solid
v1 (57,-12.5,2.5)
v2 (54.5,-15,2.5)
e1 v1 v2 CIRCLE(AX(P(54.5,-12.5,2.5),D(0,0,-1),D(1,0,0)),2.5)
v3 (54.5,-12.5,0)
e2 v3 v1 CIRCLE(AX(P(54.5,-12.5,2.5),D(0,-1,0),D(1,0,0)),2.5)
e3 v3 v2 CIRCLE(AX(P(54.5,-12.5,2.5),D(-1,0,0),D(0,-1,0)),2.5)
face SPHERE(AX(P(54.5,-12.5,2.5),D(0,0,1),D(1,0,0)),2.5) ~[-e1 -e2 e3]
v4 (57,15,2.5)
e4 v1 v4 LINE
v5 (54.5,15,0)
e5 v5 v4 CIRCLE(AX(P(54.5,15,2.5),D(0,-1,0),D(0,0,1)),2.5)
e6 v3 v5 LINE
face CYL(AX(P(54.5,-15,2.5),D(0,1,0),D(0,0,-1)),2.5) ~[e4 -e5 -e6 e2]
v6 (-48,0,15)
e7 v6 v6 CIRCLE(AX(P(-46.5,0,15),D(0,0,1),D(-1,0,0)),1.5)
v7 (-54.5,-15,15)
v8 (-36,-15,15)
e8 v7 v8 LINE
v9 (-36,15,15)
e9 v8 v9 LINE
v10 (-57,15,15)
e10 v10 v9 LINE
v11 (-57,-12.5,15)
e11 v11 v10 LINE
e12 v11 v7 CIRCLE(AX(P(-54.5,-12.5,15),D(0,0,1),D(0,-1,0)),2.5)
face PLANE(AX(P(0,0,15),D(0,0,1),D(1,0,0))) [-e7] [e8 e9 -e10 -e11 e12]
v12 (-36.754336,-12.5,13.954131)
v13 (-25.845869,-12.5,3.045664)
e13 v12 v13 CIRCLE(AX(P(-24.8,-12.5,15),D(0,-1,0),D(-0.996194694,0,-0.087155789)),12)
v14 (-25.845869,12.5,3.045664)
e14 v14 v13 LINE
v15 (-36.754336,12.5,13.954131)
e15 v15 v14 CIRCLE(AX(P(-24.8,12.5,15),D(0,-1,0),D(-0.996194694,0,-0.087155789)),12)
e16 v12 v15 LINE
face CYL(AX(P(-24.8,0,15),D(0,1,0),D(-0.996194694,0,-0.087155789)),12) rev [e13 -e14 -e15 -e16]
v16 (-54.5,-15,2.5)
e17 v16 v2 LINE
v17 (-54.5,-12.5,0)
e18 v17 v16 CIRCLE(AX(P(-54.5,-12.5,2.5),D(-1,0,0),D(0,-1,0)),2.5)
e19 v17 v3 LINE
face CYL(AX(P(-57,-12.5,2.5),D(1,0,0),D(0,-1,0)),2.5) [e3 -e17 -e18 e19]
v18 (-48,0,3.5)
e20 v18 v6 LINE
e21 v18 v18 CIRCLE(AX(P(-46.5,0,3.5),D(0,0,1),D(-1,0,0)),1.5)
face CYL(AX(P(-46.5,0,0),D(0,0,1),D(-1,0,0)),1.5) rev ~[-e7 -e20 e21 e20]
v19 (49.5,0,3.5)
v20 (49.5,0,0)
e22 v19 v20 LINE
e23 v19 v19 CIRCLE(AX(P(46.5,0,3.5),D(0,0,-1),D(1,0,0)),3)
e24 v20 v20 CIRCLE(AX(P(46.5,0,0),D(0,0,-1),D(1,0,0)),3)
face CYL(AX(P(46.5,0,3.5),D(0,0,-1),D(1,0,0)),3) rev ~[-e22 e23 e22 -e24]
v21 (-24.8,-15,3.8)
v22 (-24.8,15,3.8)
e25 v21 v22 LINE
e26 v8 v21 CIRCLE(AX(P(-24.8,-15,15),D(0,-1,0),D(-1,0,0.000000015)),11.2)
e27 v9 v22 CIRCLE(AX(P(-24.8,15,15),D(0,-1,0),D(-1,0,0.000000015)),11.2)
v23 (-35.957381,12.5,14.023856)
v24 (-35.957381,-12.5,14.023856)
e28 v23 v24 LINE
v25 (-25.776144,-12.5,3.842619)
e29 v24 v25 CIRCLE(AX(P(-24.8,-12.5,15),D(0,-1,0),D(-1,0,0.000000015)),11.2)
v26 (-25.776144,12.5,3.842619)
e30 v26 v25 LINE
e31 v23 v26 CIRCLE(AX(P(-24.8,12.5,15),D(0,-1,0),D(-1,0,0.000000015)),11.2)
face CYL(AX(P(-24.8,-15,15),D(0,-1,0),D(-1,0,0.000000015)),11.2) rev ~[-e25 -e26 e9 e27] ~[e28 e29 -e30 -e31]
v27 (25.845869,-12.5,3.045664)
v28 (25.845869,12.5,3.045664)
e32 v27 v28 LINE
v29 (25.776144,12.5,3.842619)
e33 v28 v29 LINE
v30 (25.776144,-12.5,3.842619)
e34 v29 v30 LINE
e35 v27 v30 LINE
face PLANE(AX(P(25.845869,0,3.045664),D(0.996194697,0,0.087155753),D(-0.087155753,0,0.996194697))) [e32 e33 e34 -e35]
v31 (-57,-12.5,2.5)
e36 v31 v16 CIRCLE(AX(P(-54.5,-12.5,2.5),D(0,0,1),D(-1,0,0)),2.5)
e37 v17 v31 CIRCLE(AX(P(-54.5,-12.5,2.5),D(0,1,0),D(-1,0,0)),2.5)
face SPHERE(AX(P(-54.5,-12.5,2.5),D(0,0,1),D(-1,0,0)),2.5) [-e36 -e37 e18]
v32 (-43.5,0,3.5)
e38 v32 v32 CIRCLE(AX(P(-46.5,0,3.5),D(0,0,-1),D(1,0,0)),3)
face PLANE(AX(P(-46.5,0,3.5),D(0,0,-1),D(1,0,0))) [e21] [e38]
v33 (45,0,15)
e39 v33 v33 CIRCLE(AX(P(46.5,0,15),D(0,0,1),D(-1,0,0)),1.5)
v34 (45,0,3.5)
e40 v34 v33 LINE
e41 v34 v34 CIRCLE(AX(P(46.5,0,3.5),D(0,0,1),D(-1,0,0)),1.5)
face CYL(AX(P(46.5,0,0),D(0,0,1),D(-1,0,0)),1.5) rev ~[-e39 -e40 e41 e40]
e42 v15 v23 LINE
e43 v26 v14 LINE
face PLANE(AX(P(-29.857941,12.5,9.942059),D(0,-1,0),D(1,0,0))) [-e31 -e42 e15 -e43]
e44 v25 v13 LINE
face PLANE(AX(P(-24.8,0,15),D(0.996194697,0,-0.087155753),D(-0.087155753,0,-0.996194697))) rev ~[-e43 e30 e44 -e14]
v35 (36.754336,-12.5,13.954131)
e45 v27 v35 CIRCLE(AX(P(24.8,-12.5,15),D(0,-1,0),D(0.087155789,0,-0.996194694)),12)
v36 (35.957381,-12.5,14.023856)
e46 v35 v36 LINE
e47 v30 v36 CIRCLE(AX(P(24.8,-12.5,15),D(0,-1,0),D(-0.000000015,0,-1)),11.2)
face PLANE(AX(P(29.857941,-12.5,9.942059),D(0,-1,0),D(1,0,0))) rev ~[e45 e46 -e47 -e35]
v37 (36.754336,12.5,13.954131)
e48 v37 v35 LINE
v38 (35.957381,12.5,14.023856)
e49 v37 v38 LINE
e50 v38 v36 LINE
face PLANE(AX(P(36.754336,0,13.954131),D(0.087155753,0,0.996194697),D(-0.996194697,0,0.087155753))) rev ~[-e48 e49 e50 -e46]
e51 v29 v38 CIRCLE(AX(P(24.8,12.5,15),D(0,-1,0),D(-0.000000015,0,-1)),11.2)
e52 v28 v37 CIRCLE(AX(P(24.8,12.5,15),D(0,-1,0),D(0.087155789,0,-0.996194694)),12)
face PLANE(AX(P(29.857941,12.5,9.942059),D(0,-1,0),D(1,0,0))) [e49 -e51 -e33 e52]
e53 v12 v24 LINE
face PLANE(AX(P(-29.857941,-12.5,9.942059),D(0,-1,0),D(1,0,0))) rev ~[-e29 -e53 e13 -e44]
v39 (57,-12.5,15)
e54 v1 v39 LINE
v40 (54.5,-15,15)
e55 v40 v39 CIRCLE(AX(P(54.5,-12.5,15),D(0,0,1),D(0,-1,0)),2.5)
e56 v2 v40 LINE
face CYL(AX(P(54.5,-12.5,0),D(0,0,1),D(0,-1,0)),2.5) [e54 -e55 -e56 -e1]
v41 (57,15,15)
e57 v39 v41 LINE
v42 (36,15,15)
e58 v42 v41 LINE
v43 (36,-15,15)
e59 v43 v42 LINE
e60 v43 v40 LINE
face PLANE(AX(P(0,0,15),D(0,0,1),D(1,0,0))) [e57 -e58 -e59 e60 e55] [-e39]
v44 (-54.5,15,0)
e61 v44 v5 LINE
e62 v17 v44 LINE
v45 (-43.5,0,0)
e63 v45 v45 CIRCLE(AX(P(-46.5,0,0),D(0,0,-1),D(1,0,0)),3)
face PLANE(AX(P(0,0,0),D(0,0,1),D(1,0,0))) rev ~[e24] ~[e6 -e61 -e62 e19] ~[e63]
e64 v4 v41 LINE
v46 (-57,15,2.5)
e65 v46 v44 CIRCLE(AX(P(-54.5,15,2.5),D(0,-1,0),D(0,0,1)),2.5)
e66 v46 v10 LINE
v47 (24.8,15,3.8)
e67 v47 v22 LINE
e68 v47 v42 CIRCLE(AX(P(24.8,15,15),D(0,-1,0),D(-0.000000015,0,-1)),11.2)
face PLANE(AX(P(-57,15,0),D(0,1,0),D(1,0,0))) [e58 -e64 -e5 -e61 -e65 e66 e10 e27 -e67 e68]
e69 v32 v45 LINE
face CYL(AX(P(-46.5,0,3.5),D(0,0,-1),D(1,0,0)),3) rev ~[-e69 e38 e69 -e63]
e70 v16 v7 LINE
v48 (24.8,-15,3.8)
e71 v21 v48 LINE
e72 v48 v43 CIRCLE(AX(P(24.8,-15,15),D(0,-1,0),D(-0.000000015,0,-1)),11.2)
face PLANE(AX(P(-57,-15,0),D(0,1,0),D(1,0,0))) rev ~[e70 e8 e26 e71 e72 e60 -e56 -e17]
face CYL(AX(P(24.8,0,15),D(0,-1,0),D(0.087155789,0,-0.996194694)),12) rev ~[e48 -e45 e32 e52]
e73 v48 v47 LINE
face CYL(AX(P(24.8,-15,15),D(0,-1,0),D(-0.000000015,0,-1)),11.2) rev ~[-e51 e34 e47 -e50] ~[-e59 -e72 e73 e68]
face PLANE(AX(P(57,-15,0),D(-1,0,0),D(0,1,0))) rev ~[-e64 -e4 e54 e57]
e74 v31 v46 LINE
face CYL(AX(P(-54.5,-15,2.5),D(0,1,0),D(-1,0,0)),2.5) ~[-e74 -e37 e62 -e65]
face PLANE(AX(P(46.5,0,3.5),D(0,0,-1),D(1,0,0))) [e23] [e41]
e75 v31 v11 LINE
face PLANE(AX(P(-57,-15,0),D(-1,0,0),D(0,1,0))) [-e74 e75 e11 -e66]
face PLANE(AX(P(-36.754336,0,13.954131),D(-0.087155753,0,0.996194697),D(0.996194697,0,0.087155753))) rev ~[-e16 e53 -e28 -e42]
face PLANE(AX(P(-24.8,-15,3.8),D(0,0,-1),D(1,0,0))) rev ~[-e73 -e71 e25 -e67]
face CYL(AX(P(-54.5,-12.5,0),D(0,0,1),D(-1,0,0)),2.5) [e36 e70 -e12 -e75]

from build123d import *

# Parameters (mm, degrees)
SKETCH_W         = 114
SKETCH_H         = 30
PAD_DEPTH        = 15
POCKET_DEPTH     = 30.001
POCKET001_DEPTH  = 12.5
HOLE_D           = 3
HOLE_CBORE_D     = 6
HOLE_CBORE_DEPTH = 3.5
FILLET_R         = 2.5


with BuildPart() as part:
    # Sketch → Pad (new body)
    with BuildSketch(Plane.XY):
        Rectangle(SKETCH_W, SKETCH_H)
    extrude(amount=PAD_DEPTH)

    # Sketch001 (on Face2 of Pad) → Pocket (cut, through all)
    with BuildSketch(Plane.XZ.offset(15)):
        with BuildLine():
            ThreePointArc((-36, 15), (-32.719596, 7.080404), (-24.8, 3.8))
            Line((-24.8, 3.8), (24.8, 3.8))
            ThreePointArc((24.8, 3.8), (32.719596, 7.080404), (36, 15))
            Line((-36, 15), (36, 15))
        make_face()
    extrude(amount=-POCKET_DEPTH, mode=Mode.SUBTRACT)

    # Sketch002 (on DatumPlane) → Pocket001 (cut, symmetric)
    with BuildSketch(Plane.XZ):
        with BuildLine():
            ThreePointArc((-36.754336, 13.954131), (-33.285281, 6.514719), (-25.845869, 3.045664))
            Line((-24.8, 15), (-25.845869, 3.045664))
            Line((-36.754336, 13.954131), (-24.8, 15))
        make_face()
        with BuildLine():
            ThreePointArc((25.845869, 3.045664), (33.285281, 6.514719), (36.754336, 13.954131))
            Line((36.754336, 13.954131), (24.8, 15))
            Line((25.845869, 3.045664), (24.8, 15))
        make_face()
    extrude(amount=POCKET001_DEPTH, both=True, mode=Mode.SUBTRACT)

    # Hole (through all)
    with Locations(Plane(origin=(0, 0, 0), x_dir=(1, 0, 0), z_dir=(0, 0, -1))):
        with Locations((-46.5, 0), (46.5, 0)):
            CounterBoreHole(HOLE_D / 2, HOLE_CBORE_D / 2, HOLE_CBORE_DEPTH)

    # Fillet
    fillet_edges = [part.edges().sort_by_distance(p)[0] for p in [
        (-57, -15, 7.5),
        (57, -15, 7.5),
        (57, 0, 0),
        (-57, 0, 0),
        (0, -15, 0),
    ]]
    fillet(fillet_edges, radius=FILLET_R)


solid = part.part
